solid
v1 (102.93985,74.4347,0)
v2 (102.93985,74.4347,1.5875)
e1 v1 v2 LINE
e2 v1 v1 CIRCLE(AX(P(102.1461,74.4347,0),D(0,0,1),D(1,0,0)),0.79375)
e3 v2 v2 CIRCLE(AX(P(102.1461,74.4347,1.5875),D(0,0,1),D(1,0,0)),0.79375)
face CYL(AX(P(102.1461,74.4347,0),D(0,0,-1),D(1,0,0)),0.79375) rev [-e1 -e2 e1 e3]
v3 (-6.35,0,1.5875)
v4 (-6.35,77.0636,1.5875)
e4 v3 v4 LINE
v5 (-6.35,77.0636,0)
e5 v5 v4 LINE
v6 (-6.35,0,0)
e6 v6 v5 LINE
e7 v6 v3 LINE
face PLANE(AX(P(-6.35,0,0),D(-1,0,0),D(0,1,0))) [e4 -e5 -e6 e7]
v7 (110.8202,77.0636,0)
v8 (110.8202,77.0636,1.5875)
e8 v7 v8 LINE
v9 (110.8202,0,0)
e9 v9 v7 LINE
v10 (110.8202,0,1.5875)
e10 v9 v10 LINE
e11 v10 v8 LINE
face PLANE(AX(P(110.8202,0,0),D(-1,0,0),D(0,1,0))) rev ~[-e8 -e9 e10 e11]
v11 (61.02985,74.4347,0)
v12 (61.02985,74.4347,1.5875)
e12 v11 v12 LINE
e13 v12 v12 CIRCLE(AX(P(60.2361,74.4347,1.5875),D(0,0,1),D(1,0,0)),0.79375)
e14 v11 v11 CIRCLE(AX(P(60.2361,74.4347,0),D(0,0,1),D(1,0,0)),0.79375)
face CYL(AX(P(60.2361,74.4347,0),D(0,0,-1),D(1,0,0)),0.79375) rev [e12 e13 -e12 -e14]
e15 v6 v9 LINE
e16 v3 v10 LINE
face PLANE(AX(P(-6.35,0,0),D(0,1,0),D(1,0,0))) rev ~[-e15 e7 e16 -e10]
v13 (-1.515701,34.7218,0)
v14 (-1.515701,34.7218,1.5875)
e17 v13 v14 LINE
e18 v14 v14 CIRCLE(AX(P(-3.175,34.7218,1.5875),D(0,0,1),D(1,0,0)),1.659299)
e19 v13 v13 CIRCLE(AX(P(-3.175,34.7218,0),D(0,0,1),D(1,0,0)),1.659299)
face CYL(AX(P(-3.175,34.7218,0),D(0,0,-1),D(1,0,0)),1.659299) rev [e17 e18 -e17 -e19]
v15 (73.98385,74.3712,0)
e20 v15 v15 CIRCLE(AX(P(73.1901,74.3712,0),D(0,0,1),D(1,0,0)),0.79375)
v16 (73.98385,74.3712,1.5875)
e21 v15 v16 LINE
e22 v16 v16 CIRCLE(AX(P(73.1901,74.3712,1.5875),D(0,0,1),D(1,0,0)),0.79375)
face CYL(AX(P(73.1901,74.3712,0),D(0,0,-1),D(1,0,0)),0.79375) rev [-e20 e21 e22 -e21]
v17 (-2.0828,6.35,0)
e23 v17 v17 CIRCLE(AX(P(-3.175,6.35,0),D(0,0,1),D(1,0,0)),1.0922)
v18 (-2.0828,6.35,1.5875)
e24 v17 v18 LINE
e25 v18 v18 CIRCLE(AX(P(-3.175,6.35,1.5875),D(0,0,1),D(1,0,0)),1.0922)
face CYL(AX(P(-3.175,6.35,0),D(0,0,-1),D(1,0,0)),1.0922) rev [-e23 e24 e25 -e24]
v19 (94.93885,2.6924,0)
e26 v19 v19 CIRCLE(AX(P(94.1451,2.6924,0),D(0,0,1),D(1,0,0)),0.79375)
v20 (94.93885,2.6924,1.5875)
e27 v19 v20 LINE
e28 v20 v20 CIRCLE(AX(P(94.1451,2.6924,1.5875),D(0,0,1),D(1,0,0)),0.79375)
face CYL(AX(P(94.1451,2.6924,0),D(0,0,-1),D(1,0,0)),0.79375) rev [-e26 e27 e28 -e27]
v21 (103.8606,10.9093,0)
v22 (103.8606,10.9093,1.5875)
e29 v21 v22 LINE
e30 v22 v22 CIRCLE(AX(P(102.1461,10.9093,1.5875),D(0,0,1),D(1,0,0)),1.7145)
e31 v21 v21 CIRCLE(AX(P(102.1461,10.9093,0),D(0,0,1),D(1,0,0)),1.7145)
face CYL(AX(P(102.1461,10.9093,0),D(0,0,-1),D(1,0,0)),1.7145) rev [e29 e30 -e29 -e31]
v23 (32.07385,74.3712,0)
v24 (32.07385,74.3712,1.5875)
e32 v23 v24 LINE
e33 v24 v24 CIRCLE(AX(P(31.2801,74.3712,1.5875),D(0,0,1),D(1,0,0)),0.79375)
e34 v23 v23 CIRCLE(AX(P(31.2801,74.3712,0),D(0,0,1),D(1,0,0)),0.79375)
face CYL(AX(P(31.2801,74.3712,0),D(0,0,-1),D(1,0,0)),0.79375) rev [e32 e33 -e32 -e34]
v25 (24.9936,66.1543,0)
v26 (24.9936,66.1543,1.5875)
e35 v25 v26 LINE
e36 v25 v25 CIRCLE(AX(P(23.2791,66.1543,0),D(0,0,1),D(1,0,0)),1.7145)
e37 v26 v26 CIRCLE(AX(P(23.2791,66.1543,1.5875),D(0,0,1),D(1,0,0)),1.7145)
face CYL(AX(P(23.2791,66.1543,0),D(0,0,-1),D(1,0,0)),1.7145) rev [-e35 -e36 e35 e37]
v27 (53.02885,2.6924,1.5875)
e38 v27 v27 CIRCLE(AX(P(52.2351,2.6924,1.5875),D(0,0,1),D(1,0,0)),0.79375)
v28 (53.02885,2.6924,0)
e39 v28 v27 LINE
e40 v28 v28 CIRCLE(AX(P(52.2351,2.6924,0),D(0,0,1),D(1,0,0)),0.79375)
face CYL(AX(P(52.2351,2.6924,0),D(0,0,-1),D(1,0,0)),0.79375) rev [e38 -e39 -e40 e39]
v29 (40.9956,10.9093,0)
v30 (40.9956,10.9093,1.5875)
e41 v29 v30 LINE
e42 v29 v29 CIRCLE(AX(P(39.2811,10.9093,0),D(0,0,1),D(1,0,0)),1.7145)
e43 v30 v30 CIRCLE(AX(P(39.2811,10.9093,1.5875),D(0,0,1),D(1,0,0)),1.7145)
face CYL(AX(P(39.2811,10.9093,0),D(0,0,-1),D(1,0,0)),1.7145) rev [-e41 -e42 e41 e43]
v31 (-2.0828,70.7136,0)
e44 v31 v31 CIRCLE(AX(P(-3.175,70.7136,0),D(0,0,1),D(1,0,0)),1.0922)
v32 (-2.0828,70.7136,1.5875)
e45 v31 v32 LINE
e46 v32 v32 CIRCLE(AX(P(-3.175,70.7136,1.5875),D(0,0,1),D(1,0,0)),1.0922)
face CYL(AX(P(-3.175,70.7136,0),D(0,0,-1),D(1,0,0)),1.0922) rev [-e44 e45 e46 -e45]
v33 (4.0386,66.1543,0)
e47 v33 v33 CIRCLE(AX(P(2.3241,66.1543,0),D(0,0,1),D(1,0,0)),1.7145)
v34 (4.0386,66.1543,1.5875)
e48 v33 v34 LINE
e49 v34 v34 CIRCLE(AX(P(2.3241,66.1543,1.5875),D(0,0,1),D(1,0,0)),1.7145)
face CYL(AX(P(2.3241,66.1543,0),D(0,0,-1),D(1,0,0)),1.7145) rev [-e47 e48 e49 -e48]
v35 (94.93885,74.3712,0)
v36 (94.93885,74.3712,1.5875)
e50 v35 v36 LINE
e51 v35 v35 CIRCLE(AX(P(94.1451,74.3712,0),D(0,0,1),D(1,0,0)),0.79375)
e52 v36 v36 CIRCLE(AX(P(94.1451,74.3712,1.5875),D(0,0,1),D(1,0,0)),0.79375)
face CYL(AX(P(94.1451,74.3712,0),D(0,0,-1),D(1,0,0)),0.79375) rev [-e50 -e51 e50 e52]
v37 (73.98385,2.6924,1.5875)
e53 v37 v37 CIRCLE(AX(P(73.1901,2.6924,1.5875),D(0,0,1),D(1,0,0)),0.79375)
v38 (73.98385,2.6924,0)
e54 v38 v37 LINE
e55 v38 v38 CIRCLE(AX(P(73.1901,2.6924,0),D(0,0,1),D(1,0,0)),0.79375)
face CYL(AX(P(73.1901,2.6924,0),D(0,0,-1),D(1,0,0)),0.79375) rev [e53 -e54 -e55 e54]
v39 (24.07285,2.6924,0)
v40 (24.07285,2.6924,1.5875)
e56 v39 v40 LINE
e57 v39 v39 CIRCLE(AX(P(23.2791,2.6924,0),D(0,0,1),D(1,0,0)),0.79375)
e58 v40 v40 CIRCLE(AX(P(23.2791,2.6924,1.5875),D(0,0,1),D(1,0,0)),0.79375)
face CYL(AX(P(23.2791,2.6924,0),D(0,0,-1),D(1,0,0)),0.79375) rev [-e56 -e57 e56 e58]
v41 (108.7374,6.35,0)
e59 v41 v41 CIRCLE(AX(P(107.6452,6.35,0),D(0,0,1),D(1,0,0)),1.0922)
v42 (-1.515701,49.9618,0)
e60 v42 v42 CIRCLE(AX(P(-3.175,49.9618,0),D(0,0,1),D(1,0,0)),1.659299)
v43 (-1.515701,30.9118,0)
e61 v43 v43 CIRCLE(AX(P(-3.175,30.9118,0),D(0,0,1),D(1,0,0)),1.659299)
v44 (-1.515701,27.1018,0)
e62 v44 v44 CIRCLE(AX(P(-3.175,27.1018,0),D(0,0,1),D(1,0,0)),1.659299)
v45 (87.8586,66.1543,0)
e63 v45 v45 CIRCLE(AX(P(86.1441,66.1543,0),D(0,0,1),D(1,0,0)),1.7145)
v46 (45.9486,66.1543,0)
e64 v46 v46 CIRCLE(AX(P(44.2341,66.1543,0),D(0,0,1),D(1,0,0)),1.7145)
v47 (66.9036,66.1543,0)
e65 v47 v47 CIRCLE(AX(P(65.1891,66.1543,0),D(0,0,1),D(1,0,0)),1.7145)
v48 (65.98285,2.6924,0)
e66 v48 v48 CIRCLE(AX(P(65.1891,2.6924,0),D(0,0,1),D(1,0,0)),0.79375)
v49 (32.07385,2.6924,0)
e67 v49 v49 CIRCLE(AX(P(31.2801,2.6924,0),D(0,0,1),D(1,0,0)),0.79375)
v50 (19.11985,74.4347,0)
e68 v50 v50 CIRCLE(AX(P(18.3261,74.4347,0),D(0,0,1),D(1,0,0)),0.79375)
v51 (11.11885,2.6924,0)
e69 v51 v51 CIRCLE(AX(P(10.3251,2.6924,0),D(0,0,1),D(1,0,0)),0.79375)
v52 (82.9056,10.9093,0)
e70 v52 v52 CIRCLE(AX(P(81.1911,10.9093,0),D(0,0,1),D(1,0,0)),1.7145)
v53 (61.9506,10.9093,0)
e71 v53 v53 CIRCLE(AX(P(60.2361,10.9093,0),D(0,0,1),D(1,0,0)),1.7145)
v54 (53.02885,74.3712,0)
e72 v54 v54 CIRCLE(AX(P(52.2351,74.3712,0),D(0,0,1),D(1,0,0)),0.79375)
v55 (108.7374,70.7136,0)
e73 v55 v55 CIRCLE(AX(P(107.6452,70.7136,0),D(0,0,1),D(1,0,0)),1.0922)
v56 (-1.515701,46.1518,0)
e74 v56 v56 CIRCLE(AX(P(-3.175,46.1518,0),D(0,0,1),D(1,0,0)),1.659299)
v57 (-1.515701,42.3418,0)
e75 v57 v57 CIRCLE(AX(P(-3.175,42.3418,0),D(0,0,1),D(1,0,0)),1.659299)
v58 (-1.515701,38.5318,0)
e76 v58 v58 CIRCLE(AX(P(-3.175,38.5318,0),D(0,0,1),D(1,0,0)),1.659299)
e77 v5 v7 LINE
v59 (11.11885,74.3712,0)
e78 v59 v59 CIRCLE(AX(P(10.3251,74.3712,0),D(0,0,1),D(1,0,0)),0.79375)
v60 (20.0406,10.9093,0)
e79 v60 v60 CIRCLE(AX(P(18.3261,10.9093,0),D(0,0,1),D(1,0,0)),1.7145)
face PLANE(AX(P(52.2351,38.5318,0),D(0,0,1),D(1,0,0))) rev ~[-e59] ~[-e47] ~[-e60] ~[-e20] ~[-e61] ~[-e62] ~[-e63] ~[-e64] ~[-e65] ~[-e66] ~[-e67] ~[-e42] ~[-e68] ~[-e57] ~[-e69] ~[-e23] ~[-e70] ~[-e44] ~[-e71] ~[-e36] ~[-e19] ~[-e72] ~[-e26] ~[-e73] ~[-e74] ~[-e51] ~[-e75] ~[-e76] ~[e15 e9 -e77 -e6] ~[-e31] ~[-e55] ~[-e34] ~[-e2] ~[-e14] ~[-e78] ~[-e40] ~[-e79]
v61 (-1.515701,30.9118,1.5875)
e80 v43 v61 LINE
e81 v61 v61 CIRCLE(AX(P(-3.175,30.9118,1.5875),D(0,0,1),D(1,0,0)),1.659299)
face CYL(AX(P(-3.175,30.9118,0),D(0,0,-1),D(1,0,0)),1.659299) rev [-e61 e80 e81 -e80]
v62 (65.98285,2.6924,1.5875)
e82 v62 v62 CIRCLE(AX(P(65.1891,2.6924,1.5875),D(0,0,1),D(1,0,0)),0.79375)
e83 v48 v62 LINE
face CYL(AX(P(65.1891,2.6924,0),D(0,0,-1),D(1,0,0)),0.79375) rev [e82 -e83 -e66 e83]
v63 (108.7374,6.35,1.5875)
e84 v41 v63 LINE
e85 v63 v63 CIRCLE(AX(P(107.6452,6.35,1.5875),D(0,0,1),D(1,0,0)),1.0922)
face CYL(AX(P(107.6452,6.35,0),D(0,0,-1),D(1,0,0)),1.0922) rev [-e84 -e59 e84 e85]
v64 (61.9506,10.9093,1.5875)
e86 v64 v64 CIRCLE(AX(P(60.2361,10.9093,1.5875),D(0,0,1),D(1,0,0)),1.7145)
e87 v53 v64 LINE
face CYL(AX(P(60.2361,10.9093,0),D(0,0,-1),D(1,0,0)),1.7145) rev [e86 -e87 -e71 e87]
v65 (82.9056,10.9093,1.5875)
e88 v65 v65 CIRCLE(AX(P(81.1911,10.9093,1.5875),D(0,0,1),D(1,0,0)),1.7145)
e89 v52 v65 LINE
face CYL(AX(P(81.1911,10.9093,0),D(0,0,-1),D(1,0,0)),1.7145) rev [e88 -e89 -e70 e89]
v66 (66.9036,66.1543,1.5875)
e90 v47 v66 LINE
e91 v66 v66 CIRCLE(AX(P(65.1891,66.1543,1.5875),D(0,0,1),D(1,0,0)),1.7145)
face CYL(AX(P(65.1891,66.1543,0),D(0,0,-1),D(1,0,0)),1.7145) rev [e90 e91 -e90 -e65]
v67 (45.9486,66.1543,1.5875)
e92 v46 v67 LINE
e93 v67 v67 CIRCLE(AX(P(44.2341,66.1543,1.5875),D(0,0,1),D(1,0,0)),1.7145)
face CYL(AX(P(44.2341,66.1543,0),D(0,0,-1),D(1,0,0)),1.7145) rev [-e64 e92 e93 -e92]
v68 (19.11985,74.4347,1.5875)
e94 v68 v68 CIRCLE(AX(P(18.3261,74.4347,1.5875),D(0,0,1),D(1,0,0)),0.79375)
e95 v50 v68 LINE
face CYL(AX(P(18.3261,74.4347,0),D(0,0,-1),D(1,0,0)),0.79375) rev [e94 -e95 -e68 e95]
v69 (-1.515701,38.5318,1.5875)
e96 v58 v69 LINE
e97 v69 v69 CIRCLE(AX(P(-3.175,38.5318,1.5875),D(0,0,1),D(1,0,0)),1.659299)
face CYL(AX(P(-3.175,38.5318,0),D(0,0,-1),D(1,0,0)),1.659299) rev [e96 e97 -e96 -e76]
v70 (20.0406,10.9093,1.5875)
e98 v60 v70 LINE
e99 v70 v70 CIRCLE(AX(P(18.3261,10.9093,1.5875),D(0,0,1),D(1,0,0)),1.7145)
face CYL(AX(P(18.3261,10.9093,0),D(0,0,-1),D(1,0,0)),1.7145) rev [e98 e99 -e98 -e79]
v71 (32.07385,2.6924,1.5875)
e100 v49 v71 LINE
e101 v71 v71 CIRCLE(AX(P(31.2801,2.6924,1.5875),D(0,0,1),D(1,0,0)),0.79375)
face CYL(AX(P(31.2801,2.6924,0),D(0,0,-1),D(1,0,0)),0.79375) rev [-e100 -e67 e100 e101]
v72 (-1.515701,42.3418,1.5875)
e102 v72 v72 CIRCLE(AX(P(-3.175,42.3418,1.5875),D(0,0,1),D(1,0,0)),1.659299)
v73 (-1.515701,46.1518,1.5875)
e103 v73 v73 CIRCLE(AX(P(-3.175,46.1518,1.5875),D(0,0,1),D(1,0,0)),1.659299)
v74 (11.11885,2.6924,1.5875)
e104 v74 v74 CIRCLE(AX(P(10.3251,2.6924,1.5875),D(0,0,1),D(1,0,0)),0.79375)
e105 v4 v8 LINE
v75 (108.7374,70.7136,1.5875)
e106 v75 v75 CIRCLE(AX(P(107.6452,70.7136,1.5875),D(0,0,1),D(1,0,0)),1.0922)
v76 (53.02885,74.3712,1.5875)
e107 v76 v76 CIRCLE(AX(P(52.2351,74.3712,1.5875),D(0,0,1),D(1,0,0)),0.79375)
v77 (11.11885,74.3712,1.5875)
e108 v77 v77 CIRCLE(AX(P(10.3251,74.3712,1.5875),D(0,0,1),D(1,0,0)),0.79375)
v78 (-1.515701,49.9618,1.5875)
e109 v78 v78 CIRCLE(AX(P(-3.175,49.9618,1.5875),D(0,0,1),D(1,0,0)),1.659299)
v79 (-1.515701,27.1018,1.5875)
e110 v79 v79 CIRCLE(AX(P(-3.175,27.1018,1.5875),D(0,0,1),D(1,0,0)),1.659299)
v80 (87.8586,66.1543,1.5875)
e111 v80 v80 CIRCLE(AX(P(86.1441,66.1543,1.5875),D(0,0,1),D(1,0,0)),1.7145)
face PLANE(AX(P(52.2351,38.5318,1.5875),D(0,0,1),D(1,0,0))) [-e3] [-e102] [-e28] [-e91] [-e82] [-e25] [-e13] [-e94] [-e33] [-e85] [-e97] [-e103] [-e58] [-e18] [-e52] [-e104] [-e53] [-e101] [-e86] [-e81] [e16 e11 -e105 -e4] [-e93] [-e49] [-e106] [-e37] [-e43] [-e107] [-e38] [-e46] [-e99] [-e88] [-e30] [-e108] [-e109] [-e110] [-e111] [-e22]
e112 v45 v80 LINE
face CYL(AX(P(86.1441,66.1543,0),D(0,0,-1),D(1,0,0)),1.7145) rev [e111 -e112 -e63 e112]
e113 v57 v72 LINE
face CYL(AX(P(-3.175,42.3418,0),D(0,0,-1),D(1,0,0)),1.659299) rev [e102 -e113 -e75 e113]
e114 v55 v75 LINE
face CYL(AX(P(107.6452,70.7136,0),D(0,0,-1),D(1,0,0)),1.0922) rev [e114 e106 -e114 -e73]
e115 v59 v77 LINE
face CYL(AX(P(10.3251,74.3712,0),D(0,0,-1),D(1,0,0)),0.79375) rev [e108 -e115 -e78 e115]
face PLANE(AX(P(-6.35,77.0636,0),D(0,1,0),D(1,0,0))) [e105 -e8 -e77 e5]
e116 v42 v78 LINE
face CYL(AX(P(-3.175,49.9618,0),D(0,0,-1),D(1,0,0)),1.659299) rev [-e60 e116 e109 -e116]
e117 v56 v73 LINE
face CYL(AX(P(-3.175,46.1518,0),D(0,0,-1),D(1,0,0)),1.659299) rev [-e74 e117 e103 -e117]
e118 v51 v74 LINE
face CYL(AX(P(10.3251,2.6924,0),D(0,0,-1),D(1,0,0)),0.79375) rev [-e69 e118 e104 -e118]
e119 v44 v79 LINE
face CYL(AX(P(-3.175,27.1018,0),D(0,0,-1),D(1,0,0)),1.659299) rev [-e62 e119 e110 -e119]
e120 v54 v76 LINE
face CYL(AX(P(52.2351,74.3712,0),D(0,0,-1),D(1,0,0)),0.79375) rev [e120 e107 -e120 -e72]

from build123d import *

# Parameters (mm, degrees)
SKETCH1_W           = 117.1702
SKETCH1_H           = 77.0636
SKETCH1_R           = 1.0922
SKETCH1_R_2         = 0.79375
SKETCH1_R_3         = 1.7145
SKETCH1_R_4         = 1.659299133
BOSS_EXTRUDE1_DEPTH = 1.5875


with BuildPart() as part:
    # Sketch1 → Boss-Extrude1 (new body)
    with BuildSketch(Plane.XY):
        with Locations((52.2351, 38.5318)):
            Rectangle(SKETCH1_W, SKETCH1_H)
        with Locations((-3.175, 6.35)):
            Circle(SKETCH1_R, mode=Mode.SUBTRACT)
        with Locations((10.3251, 2.6924)):
            Circle(SKETCH1_R_2, mode=Mode.SUBTRACT)
        with Locations((23.2791, 2.6924)):
            Circle(SKETCH1_R_2, mode=Mode.SUBTRACT)
        with Locations((18.3261, 10.9093)):
            Circle(SKETCH1_R_3, mode=Mode.SUBTRACT)
        with Locations((31.2801, 2.6924)):
            Circle(SKETCH1_R_2, mode=Mode.SUBTRACT)
        with Locations((52.2351, 2.6924)):
            Circle(SKETCH1_R_2, mode=Mode.SUBTRACT)
        with Locations((39.2811, 10.9093)):
            Circle(SKETCH1_R_3, mode=Mode.SUBTRACT)
        with Locations((-3.175, 27.1018)):
            Circle(SKETCH1_R_4, mode=Mode.SUBTRACT)
        with Locations((-3.175, 30.9118)):
            Circle(SKETCH1_R_4, mode=Mode.SUBTRACT)
        with Locations((-3.175, 34.7218)):
            Circle(SKETCH1_R_4, mode=Mode.SUBTRACT)
        with Locations((65.1891, 2.6924)):
            Circle(SKETCH1_R_2, mode=Mode.SUBTRACT)
        with Locations((73.1901, 2.6924)):
            Circle(SKETCH1_R_2, mode=Mode.SUBTRACT)
        with Locations((60.2361, 10.9093)):
            Circle(SKETCH1_R_3, mode=Mode.SUBTRACT)
        with Locations((81.1911, 10.9093)):
            Circle(SKETCH1_R_3, mode=Mode.SUBTRACT)
        with Locations((94.1451, 2.6924)):
            Circle(SKETCH1_R_2, mode=Mode.SUBTRACT)
        with Locations((107.6452, 6.35)):
            Circle(SKETCH1_R, mode=Mode.SUBTRACT)
        with Locations((102.1461, 10.9093)):
            Circle(SKETCH1_R_3, mode=Mode.SUBTRACT)
        with Locations((-3.175, 38.5318)):
            Circle(SKETCH1_R_4, mode=Mode.SUBTRACT)
        with Locations((-3.175, 42.3418)):
            Circle(SKETCH1_R_4, mode=Mode.SUBTRACT)
        with Locations((-3.175, 46.1518)):
            Circle(SKETCH1_R_4, mode=Mode.SUBTRACT)
        with Locations((-3.175, 49.9618)):
            Circle(SKETCH1_R_4, mode=Mode.SUBTRACT)
        with Locations((2.3241, 66.1543)):
            Circle(SKETCH1_R_3, mode=Mode.SUBTRACT)
        with Locations((23.2791, 66.1543)):
            Circle(SKETCH1_R_3, mode=Mode.SUBTRACT)
        with Locations((-3.175, 70.7136)):
            Circle(SKETCH1_R, mode=Mode.SUBTRACT)
        with Locations((10.3251, 74.3712)):
            Circle(SKETCH1_R_2, mode=Mode.SUBTRACT)
        with Locations((18.3261, 74.4347)):
            Circle(SKETCH1_R_2, mode=Mode.SUBTRACT)
        with Locations((44.2341, 66.1543)):
            Circle(SKETCH1_R_3, mode=Mode.SUBTRACT)
        with Locations((31.2801, 74.3712)):
            Circle(SKETCH1_R_2, mode=Mode.SUBTRACT)
        with Locations((52.2351, 74.3712)):
            Circle(SKETCH1_R_2, mode=Mode.SUBTRACT)
        with Locations((65.1891, 66.1543)):
            Circle(SKETCH1_R_3, mode=Mode.SUBTRACT)
        with Locations((86.1441, 66.1543)):
            Circle(SKETCH1_R_3, mode=Mode.SUBTRACT)
        with Locations((60.2361, 74.4347)):
            Circle(SKETCH1_R_2, mode=Mode.SUBTRACT)
        with Locations((73.1901, 74.3712)):
            Circle(SKETCH1_R_2, mode=Mode.SUBTRACT)
        with Locations((107.6452, 70.7136)):
            Circle(SKETCH1_R, mode=Mode.SUBTRACT)
        with Locations((94.1451, 74.3712)):
            Circle(SKETCH1_R_2, mode=Mode.SUBTRACT)
        with Locations((102.1461, 74.4347)):
            Circle(SKETCH1_R_2, mode=Mode.SUBTRACT)
    extrude(amount=BOSS_EXTRUDE1_DEPTH)


solid = part.part
